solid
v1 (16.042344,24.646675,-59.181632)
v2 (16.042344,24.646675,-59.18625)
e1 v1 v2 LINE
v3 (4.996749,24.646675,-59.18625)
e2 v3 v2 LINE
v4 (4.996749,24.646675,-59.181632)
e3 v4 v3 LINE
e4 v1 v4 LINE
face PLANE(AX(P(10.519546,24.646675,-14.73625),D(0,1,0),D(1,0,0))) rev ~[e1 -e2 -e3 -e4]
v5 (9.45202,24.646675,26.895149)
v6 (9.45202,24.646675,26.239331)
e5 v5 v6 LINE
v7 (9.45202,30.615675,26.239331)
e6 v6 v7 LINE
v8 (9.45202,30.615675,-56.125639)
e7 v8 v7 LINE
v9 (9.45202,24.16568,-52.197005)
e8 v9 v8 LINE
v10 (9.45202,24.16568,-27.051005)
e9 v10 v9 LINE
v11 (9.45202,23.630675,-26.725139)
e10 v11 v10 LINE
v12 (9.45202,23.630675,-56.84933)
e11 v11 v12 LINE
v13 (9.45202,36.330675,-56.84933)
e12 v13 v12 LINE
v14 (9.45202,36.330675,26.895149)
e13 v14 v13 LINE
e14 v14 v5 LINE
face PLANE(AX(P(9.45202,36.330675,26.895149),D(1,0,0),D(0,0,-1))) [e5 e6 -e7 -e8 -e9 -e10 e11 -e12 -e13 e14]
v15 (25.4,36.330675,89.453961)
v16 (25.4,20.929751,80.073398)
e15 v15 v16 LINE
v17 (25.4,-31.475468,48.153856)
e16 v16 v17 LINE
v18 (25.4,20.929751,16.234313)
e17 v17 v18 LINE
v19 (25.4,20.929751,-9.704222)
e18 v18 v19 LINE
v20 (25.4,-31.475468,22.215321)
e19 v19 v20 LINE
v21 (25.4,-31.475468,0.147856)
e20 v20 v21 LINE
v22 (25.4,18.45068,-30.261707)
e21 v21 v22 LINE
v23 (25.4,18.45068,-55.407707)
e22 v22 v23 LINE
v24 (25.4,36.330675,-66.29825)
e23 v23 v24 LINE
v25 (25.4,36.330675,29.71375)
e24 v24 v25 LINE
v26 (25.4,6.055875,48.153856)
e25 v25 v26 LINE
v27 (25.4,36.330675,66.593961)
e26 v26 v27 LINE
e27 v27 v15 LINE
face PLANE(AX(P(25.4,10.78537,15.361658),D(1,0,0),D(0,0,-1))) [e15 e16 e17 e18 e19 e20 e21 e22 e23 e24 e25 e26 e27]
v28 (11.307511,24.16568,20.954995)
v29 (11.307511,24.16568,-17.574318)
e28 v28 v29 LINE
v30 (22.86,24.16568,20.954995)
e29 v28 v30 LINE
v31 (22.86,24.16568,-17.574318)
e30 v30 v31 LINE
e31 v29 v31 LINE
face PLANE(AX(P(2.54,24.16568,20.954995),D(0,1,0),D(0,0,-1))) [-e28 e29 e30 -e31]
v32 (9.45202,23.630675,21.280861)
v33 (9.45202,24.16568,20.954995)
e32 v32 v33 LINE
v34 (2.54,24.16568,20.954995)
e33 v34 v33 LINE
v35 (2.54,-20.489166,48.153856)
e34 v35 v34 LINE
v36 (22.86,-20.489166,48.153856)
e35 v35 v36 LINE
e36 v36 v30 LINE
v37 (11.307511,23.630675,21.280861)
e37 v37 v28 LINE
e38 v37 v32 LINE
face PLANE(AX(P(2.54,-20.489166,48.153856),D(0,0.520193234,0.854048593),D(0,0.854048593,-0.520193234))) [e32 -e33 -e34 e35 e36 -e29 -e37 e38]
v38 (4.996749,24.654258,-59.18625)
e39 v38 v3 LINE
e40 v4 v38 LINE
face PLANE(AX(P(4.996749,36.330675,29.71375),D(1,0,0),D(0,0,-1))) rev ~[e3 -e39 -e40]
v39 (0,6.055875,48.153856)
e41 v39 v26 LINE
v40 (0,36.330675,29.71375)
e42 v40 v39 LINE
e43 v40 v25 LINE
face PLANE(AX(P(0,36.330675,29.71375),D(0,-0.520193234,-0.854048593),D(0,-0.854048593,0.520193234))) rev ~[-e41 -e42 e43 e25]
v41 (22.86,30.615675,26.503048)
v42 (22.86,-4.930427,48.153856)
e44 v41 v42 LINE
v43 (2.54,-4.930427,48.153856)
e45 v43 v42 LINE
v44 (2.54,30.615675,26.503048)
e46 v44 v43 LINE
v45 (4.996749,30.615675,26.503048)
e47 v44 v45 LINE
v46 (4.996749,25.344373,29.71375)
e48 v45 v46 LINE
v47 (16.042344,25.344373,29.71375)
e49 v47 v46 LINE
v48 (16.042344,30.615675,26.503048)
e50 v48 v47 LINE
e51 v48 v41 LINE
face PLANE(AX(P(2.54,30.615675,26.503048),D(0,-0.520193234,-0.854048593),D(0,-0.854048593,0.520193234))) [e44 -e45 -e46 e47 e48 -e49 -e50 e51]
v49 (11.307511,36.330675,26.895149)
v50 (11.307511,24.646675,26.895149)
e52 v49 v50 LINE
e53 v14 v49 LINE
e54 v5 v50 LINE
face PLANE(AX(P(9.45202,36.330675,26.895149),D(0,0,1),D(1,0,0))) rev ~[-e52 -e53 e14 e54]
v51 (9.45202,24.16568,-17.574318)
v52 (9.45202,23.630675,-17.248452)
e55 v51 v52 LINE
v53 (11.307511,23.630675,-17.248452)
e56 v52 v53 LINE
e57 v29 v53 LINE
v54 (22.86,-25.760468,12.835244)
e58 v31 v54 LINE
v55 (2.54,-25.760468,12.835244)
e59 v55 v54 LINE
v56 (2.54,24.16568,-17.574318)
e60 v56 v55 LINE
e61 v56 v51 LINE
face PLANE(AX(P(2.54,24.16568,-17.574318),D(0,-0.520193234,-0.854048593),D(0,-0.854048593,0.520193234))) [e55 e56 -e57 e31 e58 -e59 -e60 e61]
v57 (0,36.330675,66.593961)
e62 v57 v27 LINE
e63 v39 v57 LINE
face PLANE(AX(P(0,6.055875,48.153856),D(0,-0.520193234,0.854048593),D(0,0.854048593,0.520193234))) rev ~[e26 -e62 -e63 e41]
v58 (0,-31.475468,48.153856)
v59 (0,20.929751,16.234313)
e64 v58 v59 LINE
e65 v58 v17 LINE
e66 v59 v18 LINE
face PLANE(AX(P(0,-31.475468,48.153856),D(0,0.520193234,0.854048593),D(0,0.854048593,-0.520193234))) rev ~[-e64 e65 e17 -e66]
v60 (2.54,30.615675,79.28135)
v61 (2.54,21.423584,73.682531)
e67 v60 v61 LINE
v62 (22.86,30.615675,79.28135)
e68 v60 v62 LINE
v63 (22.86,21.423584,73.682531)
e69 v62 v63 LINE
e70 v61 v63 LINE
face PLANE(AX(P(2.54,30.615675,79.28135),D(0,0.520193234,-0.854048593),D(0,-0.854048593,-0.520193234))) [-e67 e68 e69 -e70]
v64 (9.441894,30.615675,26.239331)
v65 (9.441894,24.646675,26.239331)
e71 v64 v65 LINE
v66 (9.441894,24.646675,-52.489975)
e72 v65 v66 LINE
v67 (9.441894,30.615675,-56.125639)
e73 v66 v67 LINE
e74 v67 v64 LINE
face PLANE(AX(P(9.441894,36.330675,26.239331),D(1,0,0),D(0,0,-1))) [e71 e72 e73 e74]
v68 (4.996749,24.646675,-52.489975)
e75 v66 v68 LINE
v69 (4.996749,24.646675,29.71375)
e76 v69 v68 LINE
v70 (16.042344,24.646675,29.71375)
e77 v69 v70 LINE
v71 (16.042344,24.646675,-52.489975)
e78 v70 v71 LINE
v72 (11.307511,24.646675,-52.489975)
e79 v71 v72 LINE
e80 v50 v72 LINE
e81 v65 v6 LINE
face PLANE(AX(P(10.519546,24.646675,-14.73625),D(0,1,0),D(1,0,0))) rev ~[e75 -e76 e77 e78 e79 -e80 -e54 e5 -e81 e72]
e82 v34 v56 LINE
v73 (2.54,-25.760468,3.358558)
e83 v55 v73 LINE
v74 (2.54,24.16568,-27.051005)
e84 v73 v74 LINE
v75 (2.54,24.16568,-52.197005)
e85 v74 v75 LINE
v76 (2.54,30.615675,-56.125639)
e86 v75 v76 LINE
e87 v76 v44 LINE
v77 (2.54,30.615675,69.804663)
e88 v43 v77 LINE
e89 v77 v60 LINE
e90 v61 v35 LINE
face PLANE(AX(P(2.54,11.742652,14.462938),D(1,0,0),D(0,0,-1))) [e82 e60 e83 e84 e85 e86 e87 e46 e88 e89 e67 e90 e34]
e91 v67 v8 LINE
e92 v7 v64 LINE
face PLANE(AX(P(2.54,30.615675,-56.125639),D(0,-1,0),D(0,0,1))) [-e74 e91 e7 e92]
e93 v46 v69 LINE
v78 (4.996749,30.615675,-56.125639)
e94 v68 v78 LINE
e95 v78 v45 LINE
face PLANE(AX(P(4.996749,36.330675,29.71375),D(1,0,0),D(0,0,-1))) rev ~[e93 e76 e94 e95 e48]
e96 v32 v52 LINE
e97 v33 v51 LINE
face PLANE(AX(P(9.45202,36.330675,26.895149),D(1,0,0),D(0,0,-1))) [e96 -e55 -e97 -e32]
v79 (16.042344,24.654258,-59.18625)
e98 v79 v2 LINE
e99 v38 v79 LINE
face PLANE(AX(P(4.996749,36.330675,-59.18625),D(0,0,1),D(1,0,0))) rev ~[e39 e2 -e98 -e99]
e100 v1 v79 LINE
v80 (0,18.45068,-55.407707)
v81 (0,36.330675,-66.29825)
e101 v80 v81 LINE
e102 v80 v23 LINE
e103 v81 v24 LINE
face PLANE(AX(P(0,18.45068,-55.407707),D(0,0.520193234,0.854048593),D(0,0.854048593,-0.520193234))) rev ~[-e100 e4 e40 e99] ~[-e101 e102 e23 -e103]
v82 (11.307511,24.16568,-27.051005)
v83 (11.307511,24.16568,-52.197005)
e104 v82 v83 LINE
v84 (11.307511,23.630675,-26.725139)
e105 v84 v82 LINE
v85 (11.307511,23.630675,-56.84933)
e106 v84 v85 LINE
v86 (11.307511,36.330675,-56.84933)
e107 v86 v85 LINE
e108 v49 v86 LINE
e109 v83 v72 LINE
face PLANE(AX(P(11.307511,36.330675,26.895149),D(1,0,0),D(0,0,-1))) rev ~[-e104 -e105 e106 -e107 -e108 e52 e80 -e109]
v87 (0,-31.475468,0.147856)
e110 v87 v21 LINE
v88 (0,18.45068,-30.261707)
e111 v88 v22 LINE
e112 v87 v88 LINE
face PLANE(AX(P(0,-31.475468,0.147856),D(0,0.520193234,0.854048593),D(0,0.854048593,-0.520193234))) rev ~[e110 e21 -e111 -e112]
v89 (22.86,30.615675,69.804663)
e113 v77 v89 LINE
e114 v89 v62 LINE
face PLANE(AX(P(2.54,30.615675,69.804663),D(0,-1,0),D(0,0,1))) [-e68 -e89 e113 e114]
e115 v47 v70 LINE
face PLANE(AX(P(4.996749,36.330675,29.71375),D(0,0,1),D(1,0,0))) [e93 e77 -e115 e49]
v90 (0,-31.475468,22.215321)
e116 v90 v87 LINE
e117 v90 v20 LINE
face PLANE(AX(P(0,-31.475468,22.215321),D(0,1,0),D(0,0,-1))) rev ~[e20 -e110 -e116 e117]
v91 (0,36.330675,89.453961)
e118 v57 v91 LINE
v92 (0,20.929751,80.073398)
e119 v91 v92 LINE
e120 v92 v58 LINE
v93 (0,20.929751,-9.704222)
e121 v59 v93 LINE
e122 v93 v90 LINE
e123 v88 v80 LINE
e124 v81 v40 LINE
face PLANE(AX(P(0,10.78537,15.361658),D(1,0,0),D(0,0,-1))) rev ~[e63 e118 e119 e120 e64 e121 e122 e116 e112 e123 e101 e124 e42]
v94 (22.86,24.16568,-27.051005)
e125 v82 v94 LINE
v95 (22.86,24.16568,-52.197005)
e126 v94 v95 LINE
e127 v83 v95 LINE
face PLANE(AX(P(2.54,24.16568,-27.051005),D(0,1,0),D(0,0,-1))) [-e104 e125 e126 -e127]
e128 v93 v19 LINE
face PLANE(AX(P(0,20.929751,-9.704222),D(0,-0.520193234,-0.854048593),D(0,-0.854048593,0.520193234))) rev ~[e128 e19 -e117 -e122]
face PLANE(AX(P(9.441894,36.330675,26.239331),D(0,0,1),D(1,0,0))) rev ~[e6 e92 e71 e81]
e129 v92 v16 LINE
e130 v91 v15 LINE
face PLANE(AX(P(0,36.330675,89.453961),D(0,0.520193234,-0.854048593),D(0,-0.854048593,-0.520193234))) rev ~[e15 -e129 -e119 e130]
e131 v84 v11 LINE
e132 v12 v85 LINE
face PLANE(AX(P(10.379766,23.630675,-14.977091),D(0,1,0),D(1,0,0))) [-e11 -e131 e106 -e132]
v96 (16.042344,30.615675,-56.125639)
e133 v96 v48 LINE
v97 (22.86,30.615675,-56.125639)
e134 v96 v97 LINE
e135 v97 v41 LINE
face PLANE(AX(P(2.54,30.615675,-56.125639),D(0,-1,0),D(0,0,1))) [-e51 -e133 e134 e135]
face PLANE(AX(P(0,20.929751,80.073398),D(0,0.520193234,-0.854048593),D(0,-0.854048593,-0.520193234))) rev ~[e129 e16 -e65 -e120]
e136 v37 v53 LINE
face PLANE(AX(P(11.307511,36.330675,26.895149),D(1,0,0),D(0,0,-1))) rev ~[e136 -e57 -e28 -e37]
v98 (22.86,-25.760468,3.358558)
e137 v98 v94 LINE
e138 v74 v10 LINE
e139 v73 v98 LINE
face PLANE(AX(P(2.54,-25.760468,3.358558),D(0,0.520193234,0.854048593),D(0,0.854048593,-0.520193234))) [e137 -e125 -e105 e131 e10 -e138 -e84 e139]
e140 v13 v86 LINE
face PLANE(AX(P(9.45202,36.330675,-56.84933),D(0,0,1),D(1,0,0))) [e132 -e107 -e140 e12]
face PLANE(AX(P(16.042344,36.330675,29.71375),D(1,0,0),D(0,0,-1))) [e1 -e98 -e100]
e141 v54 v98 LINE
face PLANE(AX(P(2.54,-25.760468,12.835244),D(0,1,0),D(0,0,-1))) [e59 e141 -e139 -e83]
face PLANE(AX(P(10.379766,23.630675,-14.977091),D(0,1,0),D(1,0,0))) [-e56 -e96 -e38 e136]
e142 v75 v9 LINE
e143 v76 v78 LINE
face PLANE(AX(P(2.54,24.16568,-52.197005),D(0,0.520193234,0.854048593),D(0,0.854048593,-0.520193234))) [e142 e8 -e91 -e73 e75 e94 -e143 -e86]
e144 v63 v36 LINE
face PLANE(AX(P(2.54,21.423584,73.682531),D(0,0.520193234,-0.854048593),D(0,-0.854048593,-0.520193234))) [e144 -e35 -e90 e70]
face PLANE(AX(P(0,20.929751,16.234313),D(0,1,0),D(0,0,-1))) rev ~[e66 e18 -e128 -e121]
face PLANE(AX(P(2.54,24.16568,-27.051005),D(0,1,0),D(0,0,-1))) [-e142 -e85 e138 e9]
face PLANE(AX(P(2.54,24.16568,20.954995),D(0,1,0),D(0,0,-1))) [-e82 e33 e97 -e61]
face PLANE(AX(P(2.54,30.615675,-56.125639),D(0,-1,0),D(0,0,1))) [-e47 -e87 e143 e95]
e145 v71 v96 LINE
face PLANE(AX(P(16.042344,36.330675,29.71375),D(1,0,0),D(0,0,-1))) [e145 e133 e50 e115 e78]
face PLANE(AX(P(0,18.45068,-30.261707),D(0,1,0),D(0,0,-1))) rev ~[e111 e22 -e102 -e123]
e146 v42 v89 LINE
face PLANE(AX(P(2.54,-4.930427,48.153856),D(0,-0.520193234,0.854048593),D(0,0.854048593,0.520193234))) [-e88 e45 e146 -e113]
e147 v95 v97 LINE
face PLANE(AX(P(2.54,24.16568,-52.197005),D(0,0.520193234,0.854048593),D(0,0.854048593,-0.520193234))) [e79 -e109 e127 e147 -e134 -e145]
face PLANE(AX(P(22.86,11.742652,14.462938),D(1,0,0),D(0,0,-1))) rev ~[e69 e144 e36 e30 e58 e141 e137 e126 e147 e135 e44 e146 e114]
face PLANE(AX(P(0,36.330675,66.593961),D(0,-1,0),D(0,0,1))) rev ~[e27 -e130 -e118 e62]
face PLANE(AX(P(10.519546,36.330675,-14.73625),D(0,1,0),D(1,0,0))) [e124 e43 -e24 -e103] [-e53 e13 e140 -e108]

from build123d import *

# Parameters (mm, degrees)
BOSS_EXTRUDE3_DEPTH = 25.4
CUT_EXTRUDE2_START  = 2.54
CUT_EXTRUDE2_DEPTH  = 20.32
SKETCH4_W           = 11.045594529
SKETCH4_H           = 88.9
SKETCH4_W_2         = 1.520449279
SKETCH4_H_2         = 82.973089228
BOSS_EXTRUDE4_DEPTH = 11.684
SKETCH6_W           = 1.855490656
SKETCH6_H           = 83.744478267
CUT_EXTRUDE4_DEPTH  = 12.7


with BuildPart() as part:
    # Sketch1 → Boss-Extrude3 (new body)
    with BuildSketch(Plane(origin=(0, 0, 0), x_dir=(0, 0, -1), z_dir=(1, 0, 0))):
        Polygon((-80.07339815, 20.92975129), (-48.153855616, -31.475467797), (-16.234313081, 20.92975129), (9.704221599, 20.92975129), (-22.215320936, -31.475467797), (-0.147855616, -31.475467797), (30.261707149, 18.450680026), (55.407707149, 18.450680026), (66.298249821, 36.330675457), (-29.713750179, 36.330675457), (-48.153855616, 6.055875486), (-66.593961052, 36.330675457), (-89.453961052, 36.330675457), align=None)
    extrude(amount=BOSS_EXTRUDE3_DEPTH)

    # Sketch1<7> → Cut-Extrude2 (cut)
    with BuildSketch(Plane(origin=(0, 0, 0), x_dir=(0, 0, -1), z_dir=(1, 0, 0)).offset(CUT_EXTRUDE2_START)):
        Polygon((-73.682530671, 21.423584358), (-48.153855616, -20.489165733), (-20.954995017, 24.165680026), (17.574318407, 24.165680026), (-12.835244358, -25.760467797), (-3.358557782, -25.760467797), (27.051004983, 24.165680026), (52.197004983, 24.165680026), (56.125638564, 30.615675457), (-26.503048012, 30.615675457), (-48.153855616, -4.930426578), (-69.804663219, 30.615675457), (-79.281349795, 30.615675457), align=None)
    extrude(amount=CUT_EXTRUDE2_DEPTH, mode=Mode.SUBTRACT)

    # Sketch4 → Boss-Extrude4 (add)
    with BuildSketch(Plane(origin=(0, 36.330675457, 0), x_dir=(1, 0, 0), z_dir=(0, 1, 0))):
        with Locations((10.519546417, 14.736249821)):
            Rectangle(SKETCH4_W, SKETCH4_H)
        with Locations((10.202119042, 15.247213808)):
            Rectangle(SKETCH4_W_2, SKETCH4_H_2, mode=Mode.SUBTRACT)
    extrude(amount=-BOSS_EXTRUDE4_DEPTH)

    # Sketch6 → Cut-Extrude4 (cut)
    with BuildSketch(Plane(origin=(0, 36.330675457, 0), x_dir=(1, 0, 0), z_dir=(0, 1, 0))):
        with Locations((10.379765694, 14.977090577)):
            Rectangle(SKETCH6_W, SKETCH6_H)
    extrude(amount=-CUT_EXTRUDE4_DEPTH, mode=Mode.SUBTRACT)


solid = part.part
